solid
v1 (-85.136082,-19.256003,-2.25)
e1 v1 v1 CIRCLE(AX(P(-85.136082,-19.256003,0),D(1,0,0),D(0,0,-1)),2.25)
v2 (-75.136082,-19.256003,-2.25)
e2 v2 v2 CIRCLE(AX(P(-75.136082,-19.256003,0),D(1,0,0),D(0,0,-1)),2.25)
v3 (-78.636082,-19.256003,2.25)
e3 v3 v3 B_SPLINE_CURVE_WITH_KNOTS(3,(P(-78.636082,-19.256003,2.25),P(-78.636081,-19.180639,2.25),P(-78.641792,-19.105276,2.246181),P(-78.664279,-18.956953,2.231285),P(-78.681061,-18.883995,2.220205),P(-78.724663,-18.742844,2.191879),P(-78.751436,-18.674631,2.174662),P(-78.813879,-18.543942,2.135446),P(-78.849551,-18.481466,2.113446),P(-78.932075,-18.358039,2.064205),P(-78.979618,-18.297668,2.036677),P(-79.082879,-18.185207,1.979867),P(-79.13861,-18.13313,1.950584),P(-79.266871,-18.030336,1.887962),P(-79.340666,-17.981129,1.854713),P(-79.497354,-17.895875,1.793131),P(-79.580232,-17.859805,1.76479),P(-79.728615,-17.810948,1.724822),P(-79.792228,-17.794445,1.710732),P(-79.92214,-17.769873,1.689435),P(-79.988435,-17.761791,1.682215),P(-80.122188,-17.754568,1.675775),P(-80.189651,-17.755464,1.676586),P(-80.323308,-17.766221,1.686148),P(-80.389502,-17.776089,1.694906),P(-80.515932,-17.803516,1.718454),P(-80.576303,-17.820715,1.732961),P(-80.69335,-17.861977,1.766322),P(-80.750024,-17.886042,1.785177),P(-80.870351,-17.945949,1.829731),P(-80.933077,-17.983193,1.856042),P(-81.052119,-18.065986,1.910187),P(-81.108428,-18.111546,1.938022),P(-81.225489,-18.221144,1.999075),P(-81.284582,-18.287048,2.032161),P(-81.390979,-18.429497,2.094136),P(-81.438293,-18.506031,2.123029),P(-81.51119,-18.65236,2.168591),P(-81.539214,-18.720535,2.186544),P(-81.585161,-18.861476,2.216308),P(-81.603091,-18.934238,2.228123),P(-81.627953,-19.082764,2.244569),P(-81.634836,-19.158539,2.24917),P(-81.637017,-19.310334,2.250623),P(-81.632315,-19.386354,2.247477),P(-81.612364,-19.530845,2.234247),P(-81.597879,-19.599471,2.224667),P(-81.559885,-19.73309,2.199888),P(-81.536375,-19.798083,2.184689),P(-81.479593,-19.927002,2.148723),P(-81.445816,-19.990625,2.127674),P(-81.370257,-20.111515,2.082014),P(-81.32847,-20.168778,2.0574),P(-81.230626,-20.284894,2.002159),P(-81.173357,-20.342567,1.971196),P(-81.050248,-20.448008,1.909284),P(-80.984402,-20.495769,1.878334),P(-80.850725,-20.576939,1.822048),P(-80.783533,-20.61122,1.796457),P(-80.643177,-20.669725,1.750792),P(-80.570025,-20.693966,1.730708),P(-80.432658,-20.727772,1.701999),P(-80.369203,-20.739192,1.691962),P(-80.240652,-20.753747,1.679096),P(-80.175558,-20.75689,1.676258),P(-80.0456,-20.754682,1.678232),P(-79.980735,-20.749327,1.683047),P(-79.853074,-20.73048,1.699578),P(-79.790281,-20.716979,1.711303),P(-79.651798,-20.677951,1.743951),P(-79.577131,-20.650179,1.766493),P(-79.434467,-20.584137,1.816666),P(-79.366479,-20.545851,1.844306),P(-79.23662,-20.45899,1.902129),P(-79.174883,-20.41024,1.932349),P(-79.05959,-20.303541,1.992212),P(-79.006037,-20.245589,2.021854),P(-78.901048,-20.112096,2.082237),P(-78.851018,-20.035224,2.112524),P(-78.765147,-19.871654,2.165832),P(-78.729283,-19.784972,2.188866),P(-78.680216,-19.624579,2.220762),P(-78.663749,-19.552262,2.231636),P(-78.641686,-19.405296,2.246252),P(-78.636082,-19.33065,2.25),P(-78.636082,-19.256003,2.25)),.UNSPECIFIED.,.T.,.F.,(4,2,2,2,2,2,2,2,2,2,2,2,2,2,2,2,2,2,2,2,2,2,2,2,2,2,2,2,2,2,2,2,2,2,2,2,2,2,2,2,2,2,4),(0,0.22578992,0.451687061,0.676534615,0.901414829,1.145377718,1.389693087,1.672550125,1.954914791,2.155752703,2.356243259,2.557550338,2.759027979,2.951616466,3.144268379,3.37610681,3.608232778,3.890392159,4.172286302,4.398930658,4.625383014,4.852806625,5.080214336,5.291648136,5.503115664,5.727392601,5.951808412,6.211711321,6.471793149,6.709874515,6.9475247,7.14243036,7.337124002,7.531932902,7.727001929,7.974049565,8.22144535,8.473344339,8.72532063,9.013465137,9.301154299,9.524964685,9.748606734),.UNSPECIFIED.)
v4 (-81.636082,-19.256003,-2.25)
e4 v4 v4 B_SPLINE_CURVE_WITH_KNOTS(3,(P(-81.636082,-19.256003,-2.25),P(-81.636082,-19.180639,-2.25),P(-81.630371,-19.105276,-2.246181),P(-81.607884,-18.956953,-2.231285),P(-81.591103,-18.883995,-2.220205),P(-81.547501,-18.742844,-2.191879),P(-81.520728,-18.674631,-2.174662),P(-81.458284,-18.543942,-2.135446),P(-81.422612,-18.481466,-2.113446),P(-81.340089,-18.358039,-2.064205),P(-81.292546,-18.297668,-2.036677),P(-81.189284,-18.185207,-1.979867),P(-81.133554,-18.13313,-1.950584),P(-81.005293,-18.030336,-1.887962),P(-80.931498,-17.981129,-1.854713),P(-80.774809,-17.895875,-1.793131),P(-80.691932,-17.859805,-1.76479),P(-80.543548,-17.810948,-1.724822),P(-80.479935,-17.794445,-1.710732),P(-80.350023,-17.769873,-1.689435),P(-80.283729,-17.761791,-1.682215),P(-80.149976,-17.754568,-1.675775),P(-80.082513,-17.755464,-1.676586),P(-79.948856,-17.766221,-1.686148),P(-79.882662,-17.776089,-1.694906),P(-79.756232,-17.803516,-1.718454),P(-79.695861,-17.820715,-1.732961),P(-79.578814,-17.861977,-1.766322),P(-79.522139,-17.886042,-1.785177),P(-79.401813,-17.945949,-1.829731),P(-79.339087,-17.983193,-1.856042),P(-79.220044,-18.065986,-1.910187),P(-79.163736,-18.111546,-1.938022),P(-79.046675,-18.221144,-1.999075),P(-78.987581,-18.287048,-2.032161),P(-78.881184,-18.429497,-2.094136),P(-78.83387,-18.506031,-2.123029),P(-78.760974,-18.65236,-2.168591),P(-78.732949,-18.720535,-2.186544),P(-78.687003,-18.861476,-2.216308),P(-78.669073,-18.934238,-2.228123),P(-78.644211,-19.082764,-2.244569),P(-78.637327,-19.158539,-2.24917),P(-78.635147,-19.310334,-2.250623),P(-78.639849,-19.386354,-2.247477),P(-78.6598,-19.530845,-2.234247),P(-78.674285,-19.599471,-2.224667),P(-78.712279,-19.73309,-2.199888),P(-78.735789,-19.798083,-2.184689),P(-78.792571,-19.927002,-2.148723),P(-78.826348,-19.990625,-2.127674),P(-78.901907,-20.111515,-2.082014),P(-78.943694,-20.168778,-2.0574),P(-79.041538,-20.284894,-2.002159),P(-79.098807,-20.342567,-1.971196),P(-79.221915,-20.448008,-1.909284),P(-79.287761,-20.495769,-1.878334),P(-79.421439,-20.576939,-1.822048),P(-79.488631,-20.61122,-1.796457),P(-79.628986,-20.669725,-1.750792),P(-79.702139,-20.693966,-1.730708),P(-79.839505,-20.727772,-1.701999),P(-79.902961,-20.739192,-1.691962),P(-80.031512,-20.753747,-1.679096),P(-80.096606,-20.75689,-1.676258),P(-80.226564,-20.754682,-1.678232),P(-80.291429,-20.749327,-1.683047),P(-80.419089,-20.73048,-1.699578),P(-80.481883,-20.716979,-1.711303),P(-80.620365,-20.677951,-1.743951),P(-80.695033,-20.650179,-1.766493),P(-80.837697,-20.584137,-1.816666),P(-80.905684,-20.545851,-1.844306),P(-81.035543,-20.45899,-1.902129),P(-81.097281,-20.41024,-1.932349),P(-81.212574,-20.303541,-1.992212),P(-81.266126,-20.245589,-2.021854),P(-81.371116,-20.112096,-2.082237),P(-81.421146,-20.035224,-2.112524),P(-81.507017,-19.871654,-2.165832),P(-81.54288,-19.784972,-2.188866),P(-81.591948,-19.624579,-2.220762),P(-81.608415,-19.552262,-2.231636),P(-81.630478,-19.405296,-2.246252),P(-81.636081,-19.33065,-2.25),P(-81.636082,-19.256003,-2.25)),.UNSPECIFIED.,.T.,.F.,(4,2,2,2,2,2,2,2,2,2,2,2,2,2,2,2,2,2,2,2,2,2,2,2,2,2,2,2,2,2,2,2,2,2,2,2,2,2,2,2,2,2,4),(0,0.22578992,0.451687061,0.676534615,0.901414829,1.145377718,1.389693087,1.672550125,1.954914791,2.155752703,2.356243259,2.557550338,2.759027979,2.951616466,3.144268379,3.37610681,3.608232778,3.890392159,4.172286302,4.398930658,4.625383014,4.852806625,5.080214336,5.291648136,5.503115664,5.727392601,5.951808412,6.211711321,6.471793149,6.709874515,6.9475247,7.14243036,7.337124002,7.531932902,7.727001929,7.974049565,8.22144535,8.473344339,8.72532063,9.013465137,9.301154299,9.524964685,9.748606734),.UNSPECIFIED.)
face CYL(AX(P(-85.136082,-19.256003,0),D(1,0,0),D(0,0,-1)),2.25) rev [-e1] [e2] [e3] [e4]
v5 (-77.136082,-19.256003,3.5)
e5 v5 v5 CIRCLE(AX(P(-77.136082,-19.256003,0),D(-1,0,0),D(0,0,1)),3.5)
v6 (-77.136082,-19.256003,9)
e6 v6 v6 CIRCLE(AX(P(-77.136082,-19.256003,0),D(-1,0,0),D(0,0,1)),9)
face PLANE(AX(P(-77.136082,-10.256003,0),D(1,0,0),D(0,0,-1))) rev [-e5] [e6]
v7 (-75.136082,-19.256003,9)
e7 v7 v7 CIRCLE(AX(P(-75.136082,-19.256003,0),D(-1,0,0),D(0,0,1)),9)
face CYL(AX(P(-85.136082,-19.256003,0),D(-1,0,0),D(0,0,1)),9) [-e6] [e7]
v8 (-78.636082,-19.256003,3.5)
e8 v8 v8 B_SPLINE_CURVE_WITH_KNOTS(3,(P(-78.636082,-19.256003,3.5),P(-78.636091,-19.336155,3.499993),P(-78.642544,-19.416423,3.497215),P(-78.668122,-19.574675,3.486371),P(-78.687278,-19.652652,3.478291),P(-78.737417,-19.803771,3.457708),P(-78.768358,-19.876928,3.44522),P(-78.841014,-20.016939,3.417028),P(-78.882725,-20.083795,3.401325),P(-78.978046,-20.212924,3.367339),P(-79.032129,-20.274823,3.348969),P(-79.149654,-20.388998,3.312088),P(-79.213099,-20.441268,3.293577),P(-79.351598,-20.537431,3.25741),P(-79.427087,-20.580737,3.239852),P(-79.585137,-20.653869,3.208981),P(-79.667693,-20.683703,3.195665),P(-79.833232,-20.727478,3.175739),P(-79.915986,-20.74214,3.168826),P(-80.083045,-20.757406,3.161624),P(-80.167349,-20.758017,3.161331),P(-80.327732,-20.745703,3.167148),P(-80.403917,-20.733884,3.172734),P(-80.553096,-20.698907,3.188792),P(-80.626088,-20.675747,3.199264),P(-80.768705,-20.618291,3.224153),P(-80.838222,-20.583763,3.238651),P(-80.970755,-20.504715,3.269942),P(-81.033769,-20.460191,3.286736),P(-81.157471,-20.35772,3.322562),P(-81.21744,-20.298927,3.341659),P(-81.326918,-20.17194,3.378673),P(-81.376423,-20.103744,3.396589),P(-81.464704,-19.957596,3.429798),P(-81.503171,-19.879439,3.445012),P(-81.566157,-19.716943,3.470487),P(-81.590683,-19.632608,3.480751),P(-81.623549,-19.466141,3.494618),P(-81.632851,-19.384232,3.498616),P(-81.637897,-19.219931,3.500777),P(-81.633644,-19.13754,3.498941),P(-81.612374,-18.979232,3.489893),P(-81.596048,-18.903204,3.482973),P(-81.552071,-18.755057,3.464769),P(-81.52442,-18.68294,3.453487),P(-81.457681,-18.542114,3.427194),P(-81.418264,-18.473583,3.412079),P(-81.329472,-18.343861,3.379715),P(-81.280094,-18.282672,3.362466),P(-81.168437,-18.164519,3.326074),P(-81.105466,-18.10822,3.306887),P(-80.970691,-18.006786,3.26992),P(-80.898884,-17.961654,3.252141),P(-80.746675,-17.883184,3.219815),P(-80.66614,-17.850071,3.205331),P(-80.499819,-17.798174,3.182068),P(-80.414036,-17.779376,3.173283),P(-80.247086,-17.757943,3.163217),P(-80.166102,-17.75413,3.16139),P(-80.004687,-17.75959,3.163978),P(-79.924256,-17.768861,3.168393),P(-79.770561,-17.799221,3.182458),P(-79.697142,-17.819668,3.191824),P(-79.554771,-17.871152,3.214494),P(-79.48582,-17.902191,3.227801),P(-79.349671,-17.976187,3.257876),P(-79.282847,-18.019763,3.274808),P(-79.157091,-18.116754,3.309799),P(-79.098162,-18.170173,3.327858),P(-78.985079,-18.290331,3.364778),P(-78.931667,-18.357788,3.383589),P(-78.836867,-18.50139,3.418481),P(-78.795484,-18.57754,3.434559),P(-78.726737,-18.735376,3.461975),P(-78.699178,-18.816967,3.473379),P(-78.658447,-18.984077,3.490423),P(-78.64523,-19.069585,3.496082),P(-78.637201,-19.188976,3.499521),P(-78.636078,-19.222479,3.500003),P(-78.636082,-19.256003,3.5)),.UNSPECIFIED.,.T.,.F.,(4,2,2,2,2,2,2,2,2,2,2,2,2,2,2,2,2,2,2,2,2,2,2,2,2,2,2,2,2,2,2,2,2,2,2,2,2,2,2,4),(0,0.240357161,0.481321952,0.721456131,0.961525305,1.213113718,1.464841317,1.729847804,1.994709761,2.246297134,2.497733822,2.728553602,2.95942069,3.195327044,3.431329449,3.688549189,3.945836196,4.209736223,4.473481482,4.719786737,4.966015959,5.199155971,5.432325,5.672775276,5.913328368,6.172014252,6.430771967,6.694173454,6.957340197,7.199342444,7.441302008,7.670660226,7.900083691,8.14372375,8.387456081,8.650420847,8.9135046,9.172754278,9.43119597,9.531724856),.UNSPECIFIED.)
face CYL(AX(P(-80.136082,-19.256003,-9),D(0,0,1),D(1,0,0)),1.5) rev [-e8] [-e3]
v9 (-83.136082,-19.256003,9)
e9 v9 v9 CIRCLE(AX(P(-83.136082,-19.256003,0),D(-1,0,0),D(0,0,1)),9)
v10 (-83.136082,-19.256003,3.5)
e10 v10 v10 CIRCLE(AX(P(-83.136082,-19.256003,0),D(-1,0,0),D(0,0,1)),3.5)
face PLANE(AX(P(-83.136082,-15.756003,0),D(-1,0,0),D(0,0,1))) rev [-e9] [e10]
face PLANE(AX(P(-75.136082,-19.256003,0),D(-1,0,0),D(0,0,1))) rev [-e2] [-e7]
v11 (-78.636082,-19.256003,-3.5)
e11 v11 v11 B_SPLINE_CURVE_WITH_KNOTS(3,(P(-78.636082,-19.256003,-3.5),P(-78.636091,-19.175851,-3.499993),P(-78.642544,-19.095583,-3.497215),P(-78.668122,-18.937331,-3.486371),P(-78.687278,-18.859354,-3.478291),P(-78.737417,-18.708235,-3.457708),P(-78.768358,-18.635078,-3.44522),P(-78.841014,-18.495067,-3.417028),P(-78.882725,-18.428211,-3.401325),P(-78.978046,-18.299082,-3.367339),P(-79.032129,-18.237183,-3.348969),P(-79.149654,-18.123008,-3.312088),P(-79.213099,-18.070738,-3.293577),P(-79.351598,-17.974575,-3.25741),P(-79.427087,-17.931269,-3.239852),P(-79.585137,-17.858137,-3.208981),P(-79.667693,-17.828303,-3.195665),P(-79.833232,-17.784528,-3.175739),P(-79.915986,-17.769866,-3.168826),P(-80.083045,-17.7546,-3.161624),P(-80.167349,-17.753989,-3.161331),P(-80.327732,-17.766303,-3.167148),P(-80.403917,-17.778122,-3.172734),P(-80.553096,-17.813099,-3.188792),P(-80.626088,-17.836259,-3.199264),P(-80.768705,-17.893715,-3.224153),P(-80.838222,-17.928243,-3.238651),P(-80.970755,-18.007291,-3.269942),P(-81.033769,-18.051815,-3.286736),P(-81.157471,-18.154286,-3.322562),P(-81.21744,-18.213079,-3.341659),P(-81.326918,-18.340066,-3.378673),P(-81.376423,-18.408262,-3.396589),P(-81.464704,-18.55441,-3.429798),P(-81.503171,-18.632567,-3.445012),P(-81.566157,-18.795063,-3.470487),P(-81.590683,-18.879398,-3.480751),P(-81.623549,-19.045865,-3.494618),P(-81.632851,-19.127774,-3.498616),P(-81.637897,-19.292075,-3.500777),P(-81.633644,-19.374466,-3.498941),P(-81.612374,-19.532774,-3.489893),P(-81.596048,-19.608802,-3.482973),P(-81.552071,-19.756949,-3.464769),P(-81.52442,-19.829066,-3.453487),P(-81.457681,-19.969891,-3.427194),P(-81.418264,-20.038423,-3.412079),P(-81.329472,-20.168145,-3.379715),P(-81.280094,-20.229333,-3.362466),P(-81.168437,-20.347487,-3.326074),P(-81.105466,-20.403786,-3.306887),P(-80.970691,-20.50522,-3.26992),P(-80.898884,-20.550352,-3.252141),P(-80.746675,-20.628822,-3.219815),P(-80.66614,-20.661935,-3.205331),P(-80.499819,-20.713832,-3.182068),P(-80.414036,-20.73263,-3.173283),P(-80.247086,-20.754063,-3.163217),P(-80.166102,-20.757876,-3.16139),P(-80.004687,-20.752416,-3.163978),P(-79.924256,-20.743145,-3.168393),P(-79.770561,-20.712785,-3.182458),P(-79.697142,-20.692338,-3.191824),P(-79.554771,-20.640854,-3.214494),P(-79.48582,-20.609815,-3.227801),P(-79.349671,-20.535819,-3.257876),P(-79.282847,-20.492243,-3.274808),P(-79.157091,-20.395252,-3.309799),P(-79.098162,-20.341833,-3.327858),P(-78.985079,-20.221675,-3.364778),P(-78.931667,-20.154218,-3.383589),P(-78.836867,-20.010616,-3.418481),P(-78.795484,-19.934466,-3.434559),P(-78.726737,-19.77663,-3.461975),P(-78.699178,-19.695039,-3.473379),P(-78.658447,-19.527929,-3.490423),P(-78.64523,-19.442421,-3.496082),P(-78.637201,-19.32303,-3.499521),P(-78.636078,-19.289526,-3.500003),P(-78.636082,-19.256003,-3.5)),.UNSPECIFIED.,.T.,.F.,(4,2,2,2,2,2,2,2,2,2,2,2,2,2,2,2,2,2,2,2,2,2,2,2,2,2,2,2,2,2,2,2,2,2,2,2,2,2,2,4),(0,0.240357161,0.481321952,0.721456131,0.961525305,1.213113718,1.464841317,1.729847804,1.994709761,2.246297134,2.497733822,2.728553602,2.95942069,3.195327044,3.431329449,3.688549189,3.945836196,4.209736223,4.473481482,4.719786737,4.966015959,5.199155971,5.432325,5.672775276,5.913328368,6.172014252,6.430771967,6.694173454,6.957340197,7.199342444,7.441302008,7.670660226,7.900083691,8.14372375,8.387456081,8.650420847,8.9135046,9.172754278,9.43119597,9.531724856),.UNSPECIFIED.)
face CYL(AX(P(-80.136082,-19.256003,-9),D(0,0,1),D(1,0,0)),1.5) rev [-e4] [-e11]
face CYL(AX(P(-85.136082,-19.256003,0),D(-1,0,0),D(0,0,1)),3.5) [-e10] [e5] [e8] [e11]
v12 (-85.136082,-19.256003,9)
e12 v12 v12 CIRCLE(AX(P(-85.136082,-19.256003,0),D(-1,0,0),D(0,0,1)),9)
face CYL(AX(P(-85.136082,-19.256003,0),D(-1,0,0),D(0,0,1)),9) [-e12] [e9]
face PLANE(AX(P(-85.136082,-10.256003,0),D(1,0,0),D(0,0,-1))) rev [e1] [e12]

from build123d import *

# Parameters (mm, degrees)
SKETCH2_R               = 2.25
CUT_EXTRUDE1_DEPTH      = 32.295394302
CUT_EXTRUDE2_DEPTH      = 91.152948551
CUT_EXTRUDE2_DEPTH_BACK = 91.152948551
SKETCH5_R               = 1.5


with BuildPart() as part:
    # Sketch1 → Revolve2 (revolve)
    with BuildSketch(Plane.XY, mode=Mode.PRIVATE) as revolve2_sk:
        Polygon((-85.136081821, -10.256002982), (-85.136081821, -19.256002982), (-75.136081821, -19.256002982), (-75.136081821, -10.256002982), (-77.136081821, -10.256002982), (-77.136081821, -15.756002982), (-83.136081821, -15.756002982), (-83.136081821, -10.256002982), align=None)
    revolve(revolve2_sk.sketch.rotate(Axis((-85.136081821, -19.256002982, 0), (1, 0, 0)), 90), axis=Axis((-85.136081821, -19.256002982, 0), (1, 0, 0)))

    # Sketch2 → Cut-Extrude1 (cut, through all)
    with BuildSketch(Plane(origin=(-75.136081821, 0, 0), x_dir=(0, 0, -1), z_dir=(1, 0, 0))):
        with Locations((0, -19.256002982)):
            Circle(SKETCH2_R)
    extrude(amount=-CUT_EXTRUDE1_DEPTH, mode=Mode.SUBTRACT)

    # Sketch5 → Cut-Extrude2 (cut, two sides: drawn at the far end of the back side and taken through both)
    with BuildSketch(Plane.XY.offset(-CUT_EXTRUDE2_DEPTH_BACK)):
        with Locations((-80.136081821, -19.256002982)):
            Circle(SKETCH5_R)
    extrude(amount=CUT_EXTRUDE2_DEPTH + CUT_EXTRUDE2_DEPTH_BACK, mode=Mode.SUBTRACT)


solid = part.part
